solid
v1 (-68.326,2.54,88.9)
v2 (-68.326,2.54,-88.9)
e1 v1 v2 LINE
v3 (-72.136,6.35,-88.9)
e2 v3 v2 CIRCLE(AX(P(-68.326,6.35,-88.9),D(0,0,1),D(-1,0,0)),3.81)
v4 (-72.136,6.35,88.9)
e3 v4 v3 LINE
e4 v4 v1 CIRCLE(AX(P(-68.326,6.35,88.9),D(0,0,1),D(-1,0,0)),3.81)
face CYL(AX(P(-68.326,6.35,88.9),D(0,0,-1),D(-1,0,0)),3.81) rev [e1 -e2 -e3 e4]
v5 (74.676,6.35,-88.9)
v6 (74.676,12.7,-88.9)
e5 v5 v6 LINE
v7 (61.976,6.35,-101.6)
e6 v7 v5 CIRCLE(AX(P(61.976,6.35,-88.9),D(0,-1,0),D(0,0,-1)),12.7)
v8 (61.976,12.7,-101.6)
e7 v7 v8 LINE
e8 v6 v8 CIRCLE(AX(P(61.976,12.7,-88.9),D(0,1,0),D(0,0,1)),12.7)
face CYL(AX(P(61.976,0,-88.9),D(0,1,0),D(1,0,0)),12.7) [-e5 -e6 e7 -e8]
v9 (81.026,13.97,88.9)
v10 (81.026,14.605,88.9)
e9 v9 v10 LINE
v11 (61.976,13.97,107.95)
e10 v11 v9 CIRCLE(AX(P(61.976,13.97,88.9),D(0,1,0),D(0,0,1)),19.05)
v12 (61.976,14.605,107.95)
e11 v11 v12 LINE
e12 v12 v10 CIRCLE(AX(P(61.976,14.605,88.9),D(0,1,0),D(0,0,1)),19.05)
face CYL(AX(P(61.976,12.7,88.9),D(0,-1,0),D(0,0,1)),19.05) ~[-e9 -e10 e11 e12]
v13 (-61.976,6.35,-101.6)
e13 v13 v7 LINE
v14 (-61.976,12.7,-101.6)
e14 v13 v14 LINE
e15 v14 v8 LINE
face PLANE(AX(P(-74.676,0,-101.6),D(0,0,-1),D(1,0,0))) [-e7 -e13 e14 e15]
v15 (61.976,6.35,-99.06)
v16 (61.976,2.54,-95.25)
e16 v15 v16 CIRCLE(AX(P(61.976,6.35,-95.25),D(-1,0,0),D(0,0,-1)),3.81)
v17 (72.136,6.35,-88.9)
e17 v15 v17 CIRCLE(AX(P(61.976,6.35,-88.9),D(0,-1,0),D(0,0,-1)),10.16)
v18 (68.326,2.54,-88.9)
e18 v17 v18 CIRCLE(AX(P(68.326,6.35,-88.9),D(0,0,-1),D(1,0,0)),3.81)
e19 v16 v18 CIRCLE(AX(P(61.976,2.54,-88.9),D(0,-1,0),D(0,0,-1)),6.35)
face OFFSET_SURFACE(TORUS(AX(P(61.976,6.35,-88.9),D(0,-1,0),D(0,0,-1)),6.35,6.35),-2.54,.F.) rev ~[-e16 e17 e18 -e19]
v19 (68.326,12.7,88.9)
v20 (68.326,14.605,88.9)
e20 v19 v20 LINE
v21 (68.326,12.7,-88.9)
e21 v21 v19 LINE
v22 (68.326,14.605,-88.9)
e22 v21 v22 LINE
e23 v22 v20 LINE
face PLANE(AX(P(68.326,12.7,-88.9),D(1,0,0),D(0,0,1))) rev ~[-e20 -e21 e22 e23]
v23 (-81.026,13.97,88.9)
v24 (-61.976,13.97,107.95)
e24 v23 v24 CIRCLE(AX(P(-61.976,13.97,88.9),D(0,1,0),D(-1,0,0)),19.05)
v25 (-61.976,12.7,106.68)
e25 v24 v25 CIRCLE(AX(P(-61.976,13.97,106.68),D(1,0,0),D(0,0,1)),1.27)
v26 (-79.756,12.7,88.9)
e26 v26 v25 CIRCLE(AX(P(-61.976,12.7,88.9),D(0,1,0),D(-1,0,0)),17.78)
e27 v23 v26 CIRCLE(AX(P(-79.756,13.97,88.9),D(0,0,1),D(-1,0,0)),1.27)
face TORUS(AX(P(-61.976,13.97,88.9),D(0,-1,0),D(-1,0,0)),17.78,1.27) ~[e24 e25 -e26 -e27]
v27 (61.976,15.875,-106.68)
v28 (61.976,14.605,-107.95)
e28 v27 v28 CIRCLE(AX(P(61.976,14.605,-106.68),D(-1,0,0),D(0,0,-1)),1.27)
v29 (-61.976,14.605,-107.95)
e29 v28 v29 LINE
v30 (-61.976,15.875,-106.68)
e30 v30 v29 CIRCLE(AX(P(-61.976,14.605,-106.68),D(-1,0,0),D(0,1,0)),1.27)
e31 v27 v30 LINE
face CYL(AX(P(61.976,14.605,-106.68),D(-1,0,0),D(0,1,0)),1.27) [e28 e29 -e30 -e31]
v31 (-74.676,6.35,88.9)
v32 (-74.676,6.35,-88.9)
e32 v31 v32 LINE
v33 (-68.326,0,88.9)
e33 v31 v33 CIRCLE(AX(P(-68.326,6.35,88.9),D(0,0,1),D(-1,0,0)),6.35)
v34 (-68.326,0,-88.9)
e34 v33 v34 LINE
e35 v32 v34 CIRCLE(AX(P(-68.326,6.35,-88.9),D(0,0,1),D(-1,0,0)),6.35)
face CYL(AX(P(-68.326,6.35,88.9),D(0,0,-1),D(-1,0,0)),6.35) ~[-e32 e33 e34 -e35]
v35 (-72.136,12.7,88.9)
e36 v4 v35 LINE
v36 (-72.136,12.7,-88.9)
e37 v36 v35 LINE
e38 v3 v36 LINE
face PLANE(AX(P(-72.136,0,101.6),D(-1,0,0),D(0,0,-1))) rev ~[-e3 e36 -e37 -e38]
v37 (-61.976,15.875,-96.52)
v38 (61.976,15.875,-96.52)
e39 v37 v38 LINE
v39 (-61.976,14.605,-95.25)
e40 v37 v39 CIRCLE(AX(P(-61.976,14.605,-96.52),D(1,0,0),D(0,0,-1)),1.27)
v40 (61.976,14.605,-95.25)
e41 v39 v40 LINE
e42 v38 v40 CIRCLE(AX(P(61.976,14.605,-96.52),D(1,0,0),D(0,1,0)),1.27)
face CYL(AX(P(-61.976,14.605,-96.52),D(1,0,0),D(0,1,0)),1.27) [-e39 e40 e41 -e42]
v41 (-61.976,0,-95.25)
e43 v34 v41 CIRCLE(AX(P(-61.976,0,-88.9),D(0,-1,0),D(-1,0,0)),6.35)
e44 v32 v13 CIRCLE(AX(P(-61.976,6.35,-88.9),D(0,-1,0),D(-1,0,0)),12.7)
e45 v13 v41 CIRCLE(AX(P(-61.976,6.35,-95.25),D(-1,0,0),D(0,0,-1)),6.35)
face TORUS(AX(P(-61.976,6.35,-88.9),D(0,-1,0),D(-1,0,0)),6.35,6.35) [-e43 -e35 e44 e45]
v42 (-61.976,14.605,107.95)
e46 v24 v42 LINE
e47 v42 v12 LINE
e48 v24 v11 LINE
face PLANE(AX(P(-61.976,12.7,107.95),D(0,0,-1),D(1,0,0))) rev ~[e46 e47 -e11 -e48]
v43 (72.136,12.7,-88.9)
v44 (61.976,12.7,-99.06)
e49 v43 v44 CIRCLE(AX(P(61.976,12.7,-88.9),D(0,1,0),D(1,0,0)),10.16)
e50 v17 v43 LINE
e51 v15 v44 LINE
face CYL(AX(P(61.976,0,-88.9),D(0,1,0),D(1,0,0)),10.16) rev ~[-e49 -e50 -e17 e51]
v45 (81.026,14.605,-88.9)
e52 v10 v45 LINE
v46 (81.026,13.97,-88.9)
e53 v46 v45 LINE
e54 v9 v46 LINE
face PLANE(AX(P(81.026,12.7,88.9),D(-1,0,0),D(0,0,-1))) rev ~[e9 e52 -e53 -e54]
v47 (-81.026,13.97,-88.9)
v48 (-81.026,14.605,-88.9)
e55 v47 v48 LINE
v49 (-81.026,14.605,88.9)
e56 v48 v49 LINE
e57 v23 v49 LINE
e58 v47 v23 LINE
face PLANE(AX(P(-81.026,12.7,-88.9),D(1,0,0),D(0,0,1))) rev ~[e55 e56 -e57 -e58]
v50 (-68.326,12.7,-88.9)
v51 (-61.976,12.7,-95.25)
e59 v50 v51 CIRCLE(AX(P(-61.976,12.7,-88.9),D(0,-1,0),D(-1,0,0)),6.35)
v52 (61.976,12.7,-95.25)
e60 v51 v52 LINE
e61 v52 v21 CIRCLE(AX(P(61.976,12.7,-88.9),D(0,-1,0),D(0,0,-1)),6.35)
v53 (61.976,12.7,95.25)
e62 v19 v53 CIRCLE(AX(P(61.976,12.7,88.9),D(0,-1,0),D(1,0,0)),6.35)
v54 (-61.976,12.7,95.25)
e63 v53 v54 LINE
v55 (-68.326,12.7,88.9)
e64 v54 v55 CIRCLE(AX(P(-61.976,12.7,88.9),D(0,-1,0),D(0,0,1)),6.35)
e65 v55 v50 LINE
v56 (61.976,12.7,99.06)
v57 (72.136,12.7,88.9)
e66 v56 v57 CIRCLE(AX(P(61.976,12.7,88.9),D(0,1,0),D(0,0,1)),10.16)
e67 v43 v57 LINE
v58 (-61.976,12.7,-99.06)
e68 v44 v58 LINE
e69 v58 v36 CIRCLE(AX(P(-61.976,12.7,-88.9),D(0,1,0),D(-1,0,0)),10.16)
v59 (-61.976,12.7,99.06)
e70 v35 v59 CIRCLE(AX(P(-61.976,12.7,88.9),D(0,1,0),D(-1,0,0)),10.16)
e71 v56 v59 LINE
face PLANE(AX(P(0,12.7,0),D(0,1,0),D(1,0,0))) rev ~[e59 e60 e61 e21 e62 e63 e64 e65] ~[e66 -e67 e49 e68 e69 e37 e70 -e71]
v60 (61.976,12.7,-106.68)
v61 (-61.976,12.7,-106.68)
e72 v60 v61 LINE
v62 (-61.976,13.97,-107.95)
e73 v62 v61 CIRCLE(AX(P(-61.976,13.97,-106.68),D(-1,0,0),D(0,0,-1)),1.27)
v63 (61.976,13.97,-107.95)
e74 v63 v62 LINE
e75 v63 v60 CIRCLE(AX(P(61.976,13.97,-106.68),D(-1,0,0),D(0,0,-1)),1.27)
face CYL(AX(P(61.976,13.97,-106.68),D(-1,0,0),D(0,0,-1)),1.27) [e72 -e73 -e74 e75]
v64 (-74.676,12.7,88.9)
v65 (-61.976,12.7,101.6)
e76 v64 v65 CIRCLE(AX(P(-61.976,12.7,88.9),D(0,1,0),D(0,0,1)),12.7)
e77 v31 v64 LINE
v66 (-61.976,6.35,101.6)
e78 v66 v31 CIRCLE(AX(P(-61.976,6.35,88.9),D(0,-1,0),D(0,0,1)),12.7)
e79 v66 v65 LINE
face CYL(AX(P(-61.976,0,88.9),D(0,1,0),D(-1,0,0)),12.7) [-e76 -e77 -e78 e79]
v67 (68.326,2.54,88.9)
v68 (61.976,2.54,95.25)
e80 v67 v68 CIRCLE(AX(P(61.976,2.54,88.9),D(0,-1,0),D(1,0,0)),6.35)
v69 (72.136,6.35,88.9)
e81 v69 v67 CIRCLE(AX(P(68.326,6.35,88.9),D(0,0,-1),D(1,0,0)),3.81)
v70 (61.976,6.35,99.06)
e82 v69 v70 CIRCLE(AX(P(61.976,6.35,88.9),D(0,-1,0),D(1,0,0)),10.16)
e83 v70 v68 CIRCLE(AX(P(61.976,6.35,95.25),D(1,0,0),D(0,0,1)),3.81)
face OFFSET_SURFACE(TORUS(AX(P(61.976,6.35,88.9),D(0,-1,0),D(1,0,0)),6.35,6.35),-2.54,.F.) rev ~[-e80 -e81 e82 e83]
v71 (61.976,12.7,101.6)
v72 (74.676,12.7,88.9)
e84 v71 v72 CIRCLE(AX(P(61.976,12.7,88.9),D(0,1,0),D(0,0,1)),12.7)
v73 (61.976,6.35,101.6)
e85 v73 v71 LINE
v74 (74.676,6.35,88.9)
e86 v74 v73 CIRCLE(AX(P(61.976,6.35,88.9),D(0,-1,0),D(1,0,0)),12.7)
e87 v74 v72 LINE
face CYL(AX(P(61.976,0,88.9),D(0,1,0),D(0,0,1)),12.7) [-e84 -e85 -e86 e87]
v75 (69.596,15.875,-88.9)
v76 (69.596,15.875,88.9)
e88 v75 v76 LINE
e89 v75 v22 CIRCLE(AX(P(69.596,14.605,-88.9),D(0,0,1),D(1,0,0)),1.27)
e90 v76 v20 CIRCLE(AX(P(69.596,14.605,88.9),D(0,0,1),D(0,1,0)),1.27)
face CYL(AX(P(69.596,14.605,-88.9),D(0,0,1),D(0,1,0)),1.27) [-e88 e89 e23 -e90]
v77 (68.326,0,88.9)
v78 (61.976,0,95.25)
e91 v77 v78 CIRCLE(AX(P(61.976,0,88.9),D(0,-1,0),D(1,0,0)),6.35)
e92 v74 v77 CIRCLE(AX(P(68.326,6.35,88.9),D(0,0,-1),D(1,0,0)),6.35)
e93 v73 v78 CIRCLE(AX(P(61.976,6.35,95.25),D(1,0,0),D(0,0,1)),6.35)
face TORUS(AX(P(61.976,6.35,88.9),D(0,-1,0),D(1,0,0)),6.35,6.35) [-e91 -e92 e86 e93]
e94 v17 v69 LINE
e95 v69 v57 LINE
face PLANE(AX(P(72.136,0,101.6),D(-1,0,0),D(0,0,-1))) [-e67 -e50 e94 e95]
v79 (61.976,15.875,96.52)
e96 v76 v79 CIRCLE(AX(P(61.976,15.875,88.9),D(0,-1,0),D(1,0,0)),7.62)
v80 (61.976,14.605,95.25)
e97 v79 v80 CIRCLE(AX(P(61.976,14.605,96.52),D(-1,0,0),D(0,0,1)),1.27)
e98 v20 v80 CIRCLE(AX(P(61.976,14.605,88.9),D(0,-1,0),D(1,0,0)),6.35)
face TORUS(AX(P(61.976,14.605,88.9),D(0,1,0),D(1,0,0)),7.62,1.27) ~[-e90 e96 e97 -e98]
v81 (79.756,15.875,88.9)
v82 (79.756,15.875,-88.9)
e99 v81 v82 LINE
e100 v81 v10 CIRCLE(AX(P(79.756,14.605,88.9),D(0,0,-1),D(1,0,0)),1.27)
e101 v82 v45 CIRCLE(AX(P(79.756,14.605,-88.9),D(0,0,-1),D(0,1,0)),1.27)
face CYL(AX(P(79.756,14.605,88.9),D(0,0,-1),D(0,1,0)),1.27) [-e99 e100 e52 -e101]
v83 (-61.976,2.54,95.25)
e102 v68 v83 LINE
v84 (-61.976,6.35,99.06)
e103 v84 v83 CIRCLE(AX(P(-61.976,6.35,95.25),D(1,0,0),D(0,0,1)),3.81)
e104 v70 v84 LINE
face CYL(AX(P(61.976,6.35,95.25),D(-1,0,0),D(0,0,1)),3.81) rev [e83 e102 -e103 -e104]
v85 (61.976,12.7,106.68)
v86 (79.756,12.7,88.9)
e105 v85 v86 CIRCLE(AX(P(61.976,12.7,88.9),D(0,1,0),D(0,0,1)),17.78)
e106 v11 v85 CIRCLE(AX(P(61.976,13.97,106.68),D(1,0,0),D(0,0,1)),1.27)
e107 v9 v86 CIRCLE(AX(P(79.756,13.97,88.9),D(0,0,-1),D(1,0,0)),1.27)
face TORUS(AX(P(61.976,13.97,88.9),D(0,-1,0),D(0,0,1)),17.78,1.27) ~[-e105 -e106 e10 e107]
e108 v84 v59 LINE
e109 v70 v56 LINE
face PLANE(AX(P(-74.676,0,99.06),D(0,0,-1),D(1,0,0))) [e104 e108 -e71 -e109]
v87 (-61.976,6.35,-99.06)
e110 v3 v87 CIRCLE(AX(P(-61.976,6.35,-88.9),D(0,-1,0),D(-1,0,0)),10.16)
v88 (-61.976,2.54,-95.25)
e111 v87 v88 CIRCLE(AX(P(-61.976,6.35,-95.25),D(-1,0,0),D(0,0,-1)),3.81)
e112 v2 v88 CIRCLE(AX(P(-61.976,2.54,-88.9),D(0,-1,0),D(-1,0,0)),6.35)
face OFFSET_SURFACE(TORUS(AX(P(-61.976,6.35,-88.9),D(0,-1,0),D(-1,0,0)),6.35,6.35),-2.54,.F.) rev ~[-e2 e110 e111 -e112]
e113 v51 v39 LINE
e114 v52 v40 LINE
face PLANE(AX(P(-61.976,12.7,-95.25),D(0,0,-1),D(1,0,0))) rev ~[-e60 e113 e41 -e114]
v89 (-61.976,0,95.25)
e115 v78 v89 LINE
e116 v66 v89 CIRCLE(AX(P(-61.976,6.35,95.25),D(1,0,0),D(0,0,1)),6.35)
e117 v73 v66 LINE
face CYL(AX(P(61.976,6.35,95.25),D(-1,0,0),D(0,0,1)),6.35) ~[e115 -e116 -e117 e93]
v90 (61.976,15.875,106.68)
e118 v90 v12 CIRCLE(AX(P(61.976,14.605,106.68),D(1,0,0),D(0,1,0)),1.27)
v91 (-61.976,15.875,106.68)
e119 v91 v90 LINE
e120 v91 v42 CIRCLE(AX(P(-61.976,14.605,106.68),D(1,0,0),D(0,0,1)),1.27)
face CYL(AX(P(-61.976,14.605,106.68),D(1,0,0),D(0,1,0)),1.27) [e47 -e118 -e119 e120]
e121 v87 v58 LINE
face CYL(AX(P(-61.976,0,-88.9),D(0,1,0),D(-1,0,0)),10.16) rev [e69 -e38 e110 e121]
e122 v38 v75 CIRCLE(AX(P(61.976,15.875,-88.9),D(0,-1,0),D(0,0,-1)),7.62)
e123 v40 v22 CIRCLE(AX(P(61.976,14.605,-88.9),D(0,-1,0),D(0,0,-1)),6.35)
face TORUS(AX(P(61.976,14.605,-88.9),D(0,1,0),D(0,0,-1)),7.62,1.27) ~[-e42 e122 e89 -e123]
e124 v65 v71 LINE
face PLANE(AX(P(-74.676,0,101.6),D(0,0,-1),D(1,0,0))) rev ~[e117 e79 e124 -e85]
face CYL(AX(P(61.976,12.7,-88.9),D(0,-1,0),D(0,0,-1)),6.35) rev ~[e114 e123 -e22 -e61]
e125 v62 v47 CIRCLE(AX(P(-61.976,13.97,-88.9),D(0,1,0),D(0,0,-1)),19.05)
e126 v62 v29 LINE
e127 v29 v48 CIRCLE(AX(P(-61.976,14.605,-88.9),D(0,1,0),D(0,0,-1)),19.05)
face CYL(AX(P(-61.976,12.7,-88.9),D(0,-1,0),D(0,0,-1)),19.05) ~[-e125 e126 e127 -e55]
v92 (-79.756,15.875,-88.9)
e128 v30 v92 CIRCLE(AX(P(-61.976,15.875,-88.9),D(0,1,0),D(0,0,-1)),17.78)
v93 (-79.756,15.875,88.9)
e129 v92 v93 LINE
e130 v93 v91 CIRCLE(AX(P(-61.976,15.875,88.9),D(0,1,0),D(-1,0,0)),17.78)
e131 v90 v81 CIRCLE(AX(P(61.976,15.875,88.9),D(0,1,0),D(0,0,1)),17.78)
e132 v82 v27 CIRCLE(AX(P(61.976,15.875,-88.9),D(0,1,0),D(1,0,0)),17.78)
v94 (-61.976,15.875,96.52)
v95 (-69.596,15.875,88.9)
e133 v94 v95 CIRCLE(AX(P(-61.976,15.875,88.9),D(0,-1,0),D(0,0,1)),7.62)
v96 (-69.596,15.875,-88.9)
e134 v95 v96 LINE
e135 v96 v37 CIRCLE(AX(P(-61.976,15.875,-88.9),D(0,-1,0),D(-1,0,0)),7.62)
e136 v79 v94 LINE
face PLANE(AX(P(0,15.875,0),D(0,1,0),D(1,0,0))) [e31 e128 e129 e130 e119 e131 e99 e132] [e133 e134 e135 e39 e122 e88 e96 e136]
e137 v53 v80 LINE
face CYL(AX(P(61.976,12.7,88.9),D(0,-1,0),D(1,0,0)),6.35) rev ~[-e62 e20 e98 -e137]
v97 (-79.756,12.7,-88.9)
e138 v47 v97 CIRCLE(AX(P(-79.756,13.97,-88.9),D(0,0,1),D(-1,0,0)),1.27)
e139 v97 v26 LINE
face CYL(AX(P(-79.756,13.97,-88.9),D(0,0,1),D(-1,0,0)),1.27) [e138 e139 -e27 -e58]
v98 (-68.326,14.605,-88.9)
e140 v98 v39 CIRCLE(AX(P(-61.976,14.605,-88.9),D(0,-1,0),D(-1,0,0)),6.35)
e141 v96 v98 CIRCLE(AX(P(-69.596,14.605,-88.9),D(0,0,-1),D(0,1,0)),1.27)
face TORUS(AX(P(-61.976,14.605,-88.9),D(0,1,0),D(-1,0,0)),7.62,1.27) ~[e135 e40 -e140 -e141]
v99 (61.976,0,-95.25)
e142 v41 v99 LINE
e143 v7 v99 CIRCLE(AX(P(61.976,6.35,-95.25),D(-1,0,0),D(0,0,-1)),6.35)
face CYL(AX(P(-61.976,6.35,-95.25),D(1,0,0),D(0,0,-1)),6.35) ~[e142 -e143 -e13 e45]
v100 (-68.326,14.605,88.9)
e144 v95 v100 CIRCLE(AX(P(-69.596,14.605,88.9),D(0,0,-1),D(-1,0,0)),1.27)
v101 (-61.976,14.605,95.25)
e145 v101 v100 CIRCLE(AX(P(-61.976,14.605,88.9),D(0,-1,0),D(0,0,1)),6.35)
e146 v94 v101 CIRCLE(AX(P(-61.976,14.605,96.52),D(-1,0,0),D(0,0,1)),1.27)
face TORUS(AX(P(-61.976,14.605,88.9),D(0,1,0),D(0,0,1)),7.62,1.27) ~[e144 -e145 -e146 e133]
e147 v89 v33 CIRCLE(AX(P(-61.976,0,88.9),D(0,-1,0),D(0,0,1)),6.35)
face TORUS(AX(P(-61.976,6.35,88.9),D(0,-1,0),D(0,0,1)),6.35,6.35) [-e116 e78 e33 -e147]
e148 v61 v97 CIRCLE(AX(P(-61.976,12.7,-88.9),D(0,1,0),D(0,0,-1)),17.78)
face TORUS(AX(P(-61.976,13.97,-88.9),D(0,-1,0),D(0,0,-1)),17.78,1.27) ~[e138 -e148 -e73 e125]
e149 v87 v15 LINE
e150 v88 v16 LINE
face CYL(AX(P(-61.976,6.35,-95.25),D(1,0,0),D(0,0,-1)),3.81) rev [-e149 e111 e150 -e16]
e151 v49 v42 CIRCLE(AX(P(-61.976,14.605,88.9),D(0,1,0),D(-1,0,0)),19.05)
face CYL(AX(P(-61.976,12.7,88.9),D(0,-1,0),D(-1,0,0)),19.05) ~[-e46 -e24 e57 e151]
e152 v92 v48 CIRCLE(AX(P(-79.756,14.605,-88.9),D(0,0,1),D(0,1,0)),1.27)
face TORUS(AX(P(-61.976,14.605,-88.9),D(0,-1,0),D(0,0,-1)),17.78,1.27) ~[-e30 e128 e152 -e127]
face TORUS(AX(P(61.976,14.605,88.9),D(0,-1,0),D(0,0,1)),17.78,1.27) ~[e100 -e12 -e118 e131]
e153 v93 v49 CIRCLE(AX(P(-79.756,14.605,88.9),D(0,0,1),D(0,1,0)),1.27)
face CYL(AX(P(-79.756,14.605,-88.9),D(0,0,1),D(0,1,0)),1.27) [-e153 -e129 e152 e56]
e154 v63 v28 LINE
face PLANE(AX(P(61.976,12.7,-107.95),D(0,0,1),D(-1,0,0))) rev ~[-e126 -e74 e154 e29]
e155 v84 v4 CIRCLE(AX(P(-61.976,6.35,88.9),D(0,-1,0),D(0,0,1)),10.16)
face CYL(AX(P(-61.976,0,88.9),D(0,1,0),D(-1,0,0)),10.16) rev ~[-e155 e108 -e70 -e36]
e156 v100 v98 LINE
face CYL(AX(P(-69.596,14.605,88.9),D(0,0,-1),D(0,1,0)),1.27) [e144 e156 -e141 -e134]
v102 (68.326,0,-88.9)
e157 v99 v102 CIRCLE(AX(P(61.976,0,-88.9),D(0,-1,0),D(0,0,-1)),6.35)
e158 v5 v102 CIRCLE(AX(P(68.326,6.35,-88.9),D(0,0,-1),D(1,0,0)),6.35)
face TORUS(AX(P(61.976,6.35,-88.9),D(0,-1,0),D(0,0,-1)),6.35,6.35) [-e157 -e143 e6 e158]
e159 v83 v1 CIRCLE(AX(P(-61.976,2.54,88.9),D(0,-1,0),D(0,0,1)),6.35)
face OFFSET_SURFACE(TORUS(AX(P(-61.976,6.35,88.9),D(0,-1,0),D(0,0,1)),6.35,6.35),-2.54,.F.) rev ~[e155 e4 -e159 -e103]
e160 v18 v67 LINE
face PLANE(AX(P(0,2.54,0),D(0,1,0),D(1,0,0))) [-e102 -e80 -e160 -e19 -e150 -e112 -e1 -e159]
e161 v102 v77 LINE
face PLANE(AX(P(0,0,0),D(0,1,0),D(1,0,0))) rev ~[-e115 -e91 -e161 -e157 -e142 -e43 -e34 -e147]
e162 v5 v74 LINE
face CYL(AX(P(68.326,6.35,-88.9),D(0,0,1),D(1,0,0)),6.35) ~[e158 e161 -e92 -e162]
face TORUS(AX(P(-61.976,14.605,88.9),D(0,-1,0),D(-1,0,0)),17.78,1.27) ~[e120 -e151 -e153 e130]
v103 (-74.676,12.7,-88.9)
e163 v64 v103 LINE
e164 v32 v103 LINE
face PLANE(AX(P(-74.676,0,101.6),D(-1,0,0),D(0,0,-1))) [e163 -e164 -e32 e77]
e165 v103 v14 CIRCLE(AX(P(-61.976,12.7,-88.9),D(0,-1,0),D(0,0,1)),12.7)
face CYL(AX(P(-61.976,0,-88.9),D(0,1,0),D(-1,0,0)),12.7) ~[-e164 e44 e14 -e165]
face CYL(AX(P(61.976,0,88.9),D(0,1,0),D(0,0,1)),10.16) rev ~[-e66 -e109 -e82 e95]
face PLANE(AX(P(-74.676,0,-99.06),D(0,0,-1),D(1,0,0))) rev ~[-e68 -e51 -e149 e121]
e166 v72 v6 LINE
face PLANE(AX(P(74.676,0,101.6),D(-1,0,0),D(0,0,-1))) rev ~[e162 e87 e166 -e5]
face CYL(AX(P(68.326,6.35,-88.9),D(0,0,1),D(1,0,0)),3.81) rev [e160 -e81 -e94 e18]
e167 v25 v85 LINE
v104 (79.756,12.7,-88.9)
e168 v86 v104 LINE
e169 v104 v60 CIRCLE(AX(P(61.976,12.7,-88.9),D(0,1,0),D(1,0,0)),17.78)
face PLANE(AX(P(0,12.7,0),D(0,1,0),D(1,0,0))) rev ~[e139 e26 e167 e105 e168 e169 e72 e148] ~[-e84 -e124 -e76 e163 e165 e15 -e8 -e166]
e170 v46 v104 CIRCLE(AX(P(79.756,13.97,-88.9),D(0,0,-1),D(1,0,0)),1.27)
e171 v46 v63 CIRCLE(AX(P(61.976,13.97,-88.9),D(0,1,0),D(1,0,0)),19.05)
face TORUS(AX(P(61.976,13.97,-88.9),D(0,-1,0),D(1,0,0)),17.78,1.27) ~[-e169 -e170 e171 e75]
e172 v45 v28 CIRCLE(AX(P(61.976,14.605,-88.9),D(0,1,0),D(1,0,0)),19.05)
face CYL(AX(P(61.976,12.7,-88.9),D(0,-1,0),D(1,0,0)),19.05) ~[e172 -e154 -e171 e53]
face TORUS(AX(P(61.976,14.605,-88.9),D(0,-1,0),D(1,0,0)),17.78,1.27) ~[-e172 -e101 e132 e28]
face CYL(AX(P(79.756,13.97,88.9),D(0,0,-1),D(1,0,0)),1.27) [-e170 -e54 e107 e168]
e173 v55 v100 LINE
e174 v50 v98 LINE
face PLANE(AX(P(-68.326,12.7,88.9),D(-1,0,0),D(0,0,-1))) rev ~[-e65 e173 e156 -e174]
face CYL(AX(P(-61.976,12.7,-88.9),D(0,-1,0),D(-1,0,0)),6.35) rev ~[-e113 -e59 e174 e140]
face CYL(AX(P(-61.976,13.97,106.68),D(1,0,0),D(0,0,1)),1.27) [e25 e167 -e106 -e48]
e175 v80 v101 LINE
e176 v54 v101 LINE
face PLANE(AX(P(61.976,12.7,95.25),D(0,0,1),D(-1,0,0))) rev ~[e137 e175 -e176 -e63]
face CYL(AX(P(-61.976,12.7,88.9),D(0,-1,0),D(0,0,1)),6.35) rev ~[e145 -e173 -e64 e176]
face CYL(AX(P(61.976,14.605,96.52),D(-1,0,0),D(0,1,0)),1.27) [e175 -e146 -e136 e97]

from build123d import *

# Parameters (mm, degrees)
SKETCH1_W           = 149.352
SKETCH1_H           = 203.2
BOSS_EXTRUDE1_DEPTH = 12.7
FILLET1_R           = 12.7
FILLET3_R           = 6.35
SHELL1_T            = -2.54
BOSS_EXTRUDE2_DEPTH = 3.175
FILLET2_R           = 1.27


with BuildPart() as part:
    # Sketch1 → Boss-Extrude1 (new body)
    with BuildSketch(Plane(origin=(0, 0, 0), x_dir=(1, 0, 0), z_dir=(0, 1, 0))):
        Rectangle(SKETCH1_W, SKETCH1_H)
    extrude(amount=BOSS_EXTRUDE1_DEPTH)

    # Fillet1
    fillet1_edges = [part.edges().sort_by_distance(p)[0] for p in [
        (74.676, 6.35, 101.6),
        (-74.676, 6.35, 101.6),
        (-74.676, 6.35, -101.6),
        (74.676, 6.35, -101.6),
    ]]
    fillet(fillet1_edges, radius=FILLET1_R)

    # Fillet3
    fillet3_edges = [part.edges().sort_by_distance(p)[0] for p in [
        (-74.676, 0, 0),
        (74.676, 0, 0),
        (0, 0, 101.6),
        (0, 0, -101.6),
        (70.956256121, 0, 97.880256121),
        (70.956256121, 0, -97.880256121),
        (-70.956256121, 0, 97.880256121),
        (-70.956256121, 0, -97.880256121),
    ]]
    fillet(fillet3_edges, radius=FILLET3_R)

    # Shell1
    shell1_openings = [part.faces().sort_by_distance(p)[0] for p in [
        (0, 12.7, 0),
    ]]
    offset(amount=SHELL1_T, openings=shell1_openings, kind=Kind.INTERSECTION)

    # Sketch2 → Boss-Extrude2 (add)
    with BuildSketch(Plane(origin=(0, 12.7, 0), x_dir=(1, 0, 0), z_dir=(0, 1, 0))):
        with BuildLine():
            Line((61.976, 107.95), (-61.976, 107.95))
            ThreePointArc((-61.976, 107.95), (-75.446384182, 102.370384182), (-81.026, 88.9))
            Line((-81.026, 88.9), (-81.026, -88.9))
            ThreePointArc((-81.026, -88.9), (-75.446384182, -102.370384182), (-61.976, -107.95))
            Line((-61.976, -107.95), (61.976, -107.95))
            ThreePointArc((61.976, -107.95), (75.446384182, -102.370384182), (81.026, -88.9))
            Line((81.026, -88.9), (81.026, 88.9))
            ThreePointArc((81.026, 88.9), (75.446384182, 102.370384182), (61.976, 107.95))
        make_face()
        with BuildLine():
            Line((-68.326, -88.9), (-68.326, 88.9))
            ThreePointArc((-68.326, 88.9), (-66.466128061, 93.390128061), (-61.976, 95.25))
            Line((-61.976, 95.25), (61.976, 95.25))
            ThreePointArc((61.976, 95.25), (66.466128061, 93.390128061), (68.326, 88.9))
            Line((68.326, 88.9), (68.326, -88.9))
            ThreePointArc((68.326, -88.9), (66.466128061, -93.390128061), (61.976, -95.25))
            Line((61.976, -95.25), (-61.976, -95.25))
            ThreePointArc((-61.976, -95.25), (-66.466128061, -93.390128061), (-68.326, -88.9))
        make_face(mode=Mode.SUBTRACT)
    extrude(amount=BOSS_EXTRUDE2_DEPTH)

    # Fillet2
    fillet2_edges = [part.edges().sort_by_distance(p)[0] for p in [
        (-81.026, 15.875, 0),
        (-75.446384182, 15.875, 102.370384182),
        (0, 15.875, 107.95),
        (75.446384182, 15.875, 102.370384182),
        (81.026, 15.875, 0),
        (75.446384182, 12.7, -102.370384182),
        (0, 12.7, -107.95),
        (-75.446384182, 12.7, -102.370384182),
        (-81.026, 12.7, 0),
        (-75.446384182, 12.7, 102.370384182),
        (0, 12.7, 107.95),
        (75.446384182, 12.7, 102.370384182),
        (81.026, 12.7, 0),
        (-66.466128061, 15.875, 93.390128061),
        (0, 15.875, 95.25),
        (66.466128061, 15.875, 93.390128061),
        (68.326, 15.875, 0),
        (66.466128061, 15.875, -93.390128061),
        (0, 15.875, -95.25),
        (-66.466128061, 15.875, -93.390128061),
        (-68.326, 15.875, 0),
        (75.446384182, 15.875, -102.370384182),
        (0, 15.875, -107.95),
        (-75.446384182, 15.875, -102.370384182),
    ]]
    fillet(fillet2_edges, radius=FILLET2_R)


solid = part.part
